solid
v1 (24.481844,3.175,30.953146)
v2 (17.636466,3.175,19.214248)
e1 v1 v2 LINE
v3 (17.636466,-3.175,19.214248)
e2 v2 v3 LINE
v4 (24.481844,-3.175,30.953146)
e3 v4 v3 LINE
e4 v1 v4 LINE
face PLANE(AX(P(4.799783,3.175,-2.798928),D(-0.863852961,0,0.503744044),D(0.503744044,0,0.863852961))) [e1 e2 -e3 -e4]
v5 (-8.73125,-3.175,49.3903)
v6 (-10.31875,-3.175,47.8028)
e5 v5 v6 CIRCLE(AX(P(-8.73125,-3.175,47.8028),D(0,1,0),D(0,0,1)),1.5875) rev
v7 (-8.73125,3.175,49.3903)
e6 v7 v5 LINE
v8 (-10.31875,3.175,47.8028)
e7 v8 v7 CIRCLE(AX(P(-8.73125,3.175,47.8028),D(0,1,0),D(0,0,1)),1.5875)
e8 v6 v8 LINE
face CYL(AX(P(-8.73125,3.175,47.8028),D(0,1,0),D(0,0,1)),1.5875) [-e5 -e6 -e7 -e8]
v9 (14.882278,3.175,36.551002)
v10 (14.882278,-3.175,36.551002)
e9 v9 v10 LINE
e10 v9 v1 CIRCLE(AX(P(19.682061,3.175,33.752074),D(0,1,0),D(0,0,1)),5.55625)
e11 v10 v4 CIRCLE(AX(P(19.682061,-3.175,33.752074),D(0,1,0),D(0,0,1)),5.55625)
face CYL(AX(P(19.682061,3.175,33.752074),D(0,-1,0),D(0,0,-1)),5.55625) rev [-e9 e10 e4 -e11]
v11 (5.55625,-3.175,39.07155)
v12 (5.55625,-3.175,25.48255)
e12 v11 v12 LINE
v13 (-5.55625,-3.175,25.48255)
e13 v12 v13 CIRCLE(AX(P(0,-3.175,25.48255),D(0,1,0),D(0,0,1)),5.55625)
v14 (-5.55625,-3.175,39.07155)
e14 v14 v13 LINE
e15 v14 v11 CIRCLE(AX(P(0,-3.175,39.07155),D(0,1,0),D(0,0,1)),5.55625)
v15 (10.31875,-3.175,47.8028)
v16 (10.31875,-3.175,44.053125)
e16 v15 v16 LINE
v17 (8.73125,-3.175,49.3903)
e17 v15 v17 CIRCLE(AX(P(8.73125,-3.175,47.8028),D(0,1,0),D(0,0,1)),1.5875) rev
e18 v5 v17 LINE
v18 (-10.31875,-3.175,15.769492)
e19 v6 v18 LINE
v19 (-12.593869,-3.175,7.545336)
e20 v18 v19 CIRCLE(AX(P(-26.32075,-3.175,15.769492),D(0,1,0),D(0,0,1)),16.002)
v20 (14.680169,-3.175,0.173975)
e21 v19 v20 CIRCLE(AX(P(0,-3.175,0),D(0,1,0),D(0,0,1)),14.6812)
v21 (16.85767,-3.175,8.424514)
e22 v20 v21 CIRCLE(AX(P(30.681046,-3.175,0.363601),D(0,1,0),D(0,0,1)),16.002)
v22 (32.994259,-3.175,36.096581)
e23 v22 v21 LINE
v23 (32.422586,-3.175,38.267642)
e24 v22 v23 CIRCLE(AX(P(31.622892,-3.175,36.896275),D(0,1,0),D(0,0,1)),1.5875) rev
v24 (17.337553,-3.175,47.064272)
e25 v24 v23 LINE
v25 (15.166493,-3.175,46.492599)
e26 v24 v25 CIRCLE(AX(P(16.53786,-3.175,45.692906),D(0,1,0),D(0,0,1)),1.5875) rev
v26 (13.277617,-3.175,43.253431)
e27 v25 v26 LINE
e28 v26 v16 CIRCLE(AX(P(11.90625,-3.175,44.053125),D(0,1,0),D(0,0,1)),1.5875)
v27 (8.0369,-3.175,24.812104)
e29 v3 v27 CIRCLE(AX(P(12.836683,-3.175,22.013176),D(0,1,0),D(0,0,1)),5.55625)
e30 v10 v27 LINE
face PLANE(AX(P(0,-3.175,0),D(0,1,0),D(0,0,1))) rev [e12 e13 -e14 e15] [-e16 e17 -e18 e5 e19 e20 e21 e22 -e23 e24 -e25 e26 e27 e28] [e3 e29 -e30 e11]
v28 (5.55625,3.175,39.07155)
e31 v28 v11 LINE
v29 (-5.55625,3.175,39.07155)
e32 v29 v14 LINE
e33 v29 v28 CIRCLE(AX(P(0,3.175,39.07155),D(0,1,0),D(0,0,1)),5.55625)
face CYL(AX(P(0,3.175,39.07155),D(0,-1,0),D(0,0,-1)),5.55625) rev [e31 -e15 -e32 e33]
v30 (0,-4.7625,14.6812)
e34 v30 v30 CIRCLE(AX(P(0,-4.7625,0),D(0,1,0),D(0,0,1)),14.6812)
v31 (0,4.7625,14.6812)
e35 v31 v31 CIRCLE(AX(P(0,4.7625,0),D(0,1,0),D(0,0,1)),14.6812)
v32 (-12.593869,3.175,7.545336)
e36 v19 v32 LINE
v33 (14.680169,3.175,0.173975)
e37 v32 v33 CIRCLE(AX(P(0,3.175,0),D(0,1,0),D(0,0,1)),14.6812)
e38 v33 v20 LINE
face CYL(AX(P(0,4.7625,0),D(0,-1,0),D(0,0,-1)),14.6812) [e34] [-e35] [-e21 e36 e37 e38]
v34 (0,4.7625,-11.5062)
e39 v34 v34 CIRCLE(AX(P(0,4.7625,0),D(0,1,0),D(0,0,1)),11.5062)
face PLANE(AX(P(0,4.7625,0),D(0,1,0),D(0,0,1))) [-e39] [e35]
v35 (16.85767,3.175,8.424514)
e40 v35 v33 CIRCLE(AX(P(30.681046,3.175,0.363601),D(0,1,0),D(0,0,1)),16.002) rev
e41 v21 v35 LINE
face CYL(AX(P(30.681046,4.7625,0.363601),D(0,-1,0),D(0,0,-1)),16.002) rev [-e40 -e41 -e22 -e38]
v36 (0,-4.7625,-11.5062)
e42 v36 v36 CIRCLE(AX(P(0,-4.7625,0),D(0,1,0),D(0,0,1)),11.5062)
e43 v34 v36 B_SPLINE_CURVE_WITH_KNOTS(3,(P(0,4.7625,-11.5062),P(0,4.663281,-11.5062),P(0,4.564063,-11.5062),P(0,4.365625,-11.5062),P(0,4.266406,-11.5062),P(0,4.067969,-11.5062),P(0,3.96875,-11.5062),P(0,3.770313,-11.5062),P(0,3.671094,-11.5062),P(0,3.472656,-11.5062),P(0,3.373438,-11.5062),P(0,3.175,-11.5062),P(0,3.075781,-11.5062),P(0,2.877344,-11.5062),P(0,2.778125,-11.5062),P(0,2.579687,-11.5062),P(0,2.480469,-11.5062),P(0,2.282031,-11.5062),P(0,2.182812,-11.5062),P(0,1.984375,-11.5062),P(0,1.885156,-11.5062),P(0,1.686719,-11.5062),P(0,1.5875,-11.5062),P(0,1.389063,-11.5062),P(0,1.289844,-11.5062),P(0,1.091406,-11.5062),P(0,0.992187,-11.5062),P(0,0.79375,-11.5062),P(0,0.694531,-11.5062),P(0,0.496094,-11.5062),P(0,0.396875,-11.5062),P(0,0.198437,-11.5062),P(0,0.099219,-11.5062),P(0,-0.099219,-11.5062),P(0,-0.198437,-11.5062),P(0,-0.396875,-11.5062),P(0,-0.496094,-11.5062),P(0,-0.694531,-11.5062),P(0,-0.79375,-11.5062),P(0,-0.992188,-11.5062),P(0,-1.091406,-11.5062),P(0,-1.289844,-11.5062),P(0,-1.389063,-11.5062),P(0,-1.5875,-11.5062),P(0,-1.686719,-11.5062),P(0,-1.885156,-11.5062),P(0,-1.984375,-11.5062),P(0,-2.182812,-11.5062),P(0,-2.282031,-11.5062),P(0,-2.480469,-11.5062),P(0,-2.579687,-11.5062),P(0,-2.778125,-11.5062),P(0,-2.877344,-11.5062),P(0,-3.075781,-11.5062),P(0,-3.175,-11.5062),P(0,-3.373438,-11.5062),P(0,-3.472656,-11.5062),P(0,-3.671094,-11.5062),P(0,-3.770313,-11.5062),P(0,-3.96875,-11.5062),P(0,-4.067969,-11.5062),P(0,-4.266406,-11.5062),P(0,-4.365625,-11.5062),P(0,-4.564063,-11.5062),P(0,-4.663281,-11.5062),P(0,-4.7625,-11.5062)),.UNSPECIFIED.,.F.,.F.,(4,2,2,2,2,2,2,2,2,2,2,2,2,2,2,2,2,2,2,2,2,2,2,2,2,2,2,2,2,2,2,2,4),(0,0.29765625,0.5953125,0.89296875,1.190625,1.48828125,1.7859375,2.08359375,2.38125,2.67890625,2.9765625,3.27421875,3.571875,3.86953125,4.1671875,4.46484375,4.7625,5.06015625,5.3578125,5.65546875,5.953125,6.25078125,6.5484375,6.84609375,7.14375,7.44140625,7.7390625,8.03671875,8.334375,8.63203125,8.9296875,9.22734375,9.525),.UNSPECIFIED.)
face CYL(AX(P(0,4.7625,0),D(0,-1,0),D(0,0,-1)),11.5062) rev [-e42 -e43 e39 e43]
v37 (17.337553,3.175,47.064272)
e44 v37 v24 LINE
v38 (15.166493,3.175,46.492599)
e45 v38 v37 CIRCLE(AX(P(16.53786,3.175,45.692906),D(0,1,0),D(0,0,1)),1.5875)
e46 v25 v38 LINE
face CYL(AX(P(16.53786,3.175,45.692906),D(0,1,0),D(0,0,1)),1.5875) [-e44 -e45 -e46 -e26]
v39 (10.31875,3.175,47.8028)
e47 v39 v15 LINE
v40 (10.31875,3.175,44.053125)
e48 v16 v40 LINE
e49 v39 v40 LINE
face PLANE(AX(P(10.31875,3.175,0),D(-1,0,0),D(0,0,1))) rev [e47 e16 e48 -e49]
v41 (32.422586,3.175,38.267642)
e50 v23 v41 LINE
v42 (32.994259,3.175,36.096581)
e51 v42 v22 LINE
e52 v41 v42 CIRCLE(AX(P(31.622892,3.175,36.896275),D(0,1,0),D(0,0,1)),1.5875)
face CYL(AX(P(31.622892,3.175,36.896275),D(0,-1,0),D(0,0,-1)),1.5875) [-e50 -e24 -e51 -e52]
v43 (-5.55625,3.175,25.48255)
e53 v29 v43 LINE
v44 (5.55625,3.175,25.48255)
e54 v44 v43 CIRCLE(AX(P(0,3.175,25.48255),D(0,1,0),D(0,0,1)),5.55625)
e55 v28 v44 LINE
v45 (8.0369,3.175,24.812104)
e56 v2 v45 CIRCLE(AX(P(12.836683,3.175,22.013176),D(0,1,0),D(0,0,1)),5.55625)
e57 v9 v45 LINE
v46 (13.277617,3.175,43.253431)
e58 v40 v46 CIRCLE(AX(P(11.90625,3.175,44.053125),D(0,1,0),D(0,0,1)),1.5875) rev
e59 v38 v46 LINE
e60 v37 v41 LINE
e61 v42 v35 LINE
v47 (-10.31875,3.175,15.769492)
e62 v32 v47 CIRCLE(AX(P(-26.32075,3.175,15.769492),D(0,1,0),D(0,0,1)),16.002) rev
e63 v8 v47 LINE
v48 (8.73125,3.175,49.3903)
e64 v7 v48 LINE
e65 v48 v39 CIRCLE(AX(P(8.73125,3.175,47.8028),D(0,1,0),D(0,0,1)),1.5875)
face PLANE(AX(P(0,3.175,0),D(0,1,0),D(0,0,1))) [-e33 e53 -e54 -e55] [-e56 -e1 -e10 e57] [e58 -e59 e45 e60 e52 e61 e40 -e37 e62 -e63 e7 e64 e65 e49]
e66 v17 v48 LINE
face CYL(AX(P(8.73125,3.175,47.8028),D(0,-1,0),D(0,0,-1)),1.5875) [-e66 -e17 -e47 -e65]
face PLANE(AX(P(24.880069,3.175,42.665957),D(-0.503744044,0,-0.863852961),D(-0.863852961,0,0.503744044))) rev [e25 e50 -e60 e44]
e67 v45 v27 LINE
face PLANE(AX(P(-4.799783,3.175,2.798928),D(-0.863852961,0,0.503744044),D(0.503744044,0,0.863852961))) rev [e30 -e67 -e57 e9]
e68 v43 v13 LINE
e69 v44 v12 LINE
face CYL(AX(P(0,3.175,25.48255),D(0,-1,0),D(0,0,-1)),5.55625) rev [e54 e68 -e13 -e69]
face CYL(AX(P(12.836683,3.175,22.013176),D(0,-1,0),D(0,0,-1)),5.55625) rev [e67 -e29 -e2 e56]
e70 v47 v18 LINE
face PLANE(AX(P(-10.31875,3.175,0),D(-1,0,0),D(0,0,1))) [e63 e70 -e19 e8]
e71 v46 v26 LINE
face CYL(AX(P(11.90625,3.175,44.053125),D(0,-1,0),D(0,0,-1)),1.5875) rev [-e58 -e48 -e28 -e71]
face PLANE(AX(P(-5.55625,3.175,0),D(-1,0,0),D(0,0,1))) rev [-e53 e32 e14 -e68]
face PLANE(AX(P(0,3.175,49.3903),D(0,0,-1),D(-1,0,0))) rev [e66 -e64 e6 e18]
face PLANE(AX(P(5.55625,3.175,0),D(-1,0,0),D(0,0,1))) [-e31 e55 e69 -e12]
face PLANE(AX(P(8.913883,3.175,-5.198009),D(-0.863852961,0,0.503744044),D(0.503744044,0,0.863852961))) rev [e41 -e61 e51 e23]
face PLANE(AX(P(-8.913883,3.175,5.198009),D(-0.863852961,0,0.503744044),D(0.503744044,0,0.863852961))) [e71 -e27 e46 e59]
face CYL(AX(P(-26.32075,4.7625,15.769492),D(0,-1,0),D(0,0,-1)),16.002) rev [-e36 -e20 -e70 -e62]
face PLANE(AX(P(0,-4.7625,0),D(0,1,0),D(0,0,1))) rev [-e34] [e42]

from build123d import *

# Parameters (mm, degrees)
SKETCH1_R                      = 14.6812
SKETCH1_R_2                    = 11.5062
BEARING_INSERT_EXTRUDE_DEPTH   = 4.7625
APEX_SLOT_INSERT_EXTRUDE_DEPTH = 3.175
FILLET1_R                      = 16.002
FILLET2_R                      = 1.5875


with BuildPart() as part:
    # Sketch1 → Bearing_Insert_Extrude (new, symmetric)
    with BuildSketch(Plane(origin=(0, 0, 0), x_dir=(1, 0, 0), z_dir=(0, 1, 0))):
        with Locations(Location((0, 0, 0), (0, 0, 90))):
            Circle(SKETCH1_R)
        with Locations(Location((0, 0, 0), (0, 0, 90))):
            Circle(SKETCH1_R_2, mode=Mode.SUBTRACT)
    extrude(amount=BEARING_INSERT_EXTRUDE_DEPTH, both=True)

    # Sketch1<4> → Apex_Slot_Insert_Extrude (add, symmetric)
    with BuildSketch(Plane(origin=(0, 0, 0), x_dir=(1, 0, 0), z_dir=(0, 1, 0))):
        with BuildLine():
            Line((-10.31875, -10.443228997), (-10.31875, -49.3903))
            Line((-10.31875, -49.3903), (10.31875, -49.3903))
            Line((10.31875, -49.3903), (10.31875, -38.179375))
            Line((10.31875, -38.179375), (15.966186692, -47.863965759))
            Line((15.966186692, -47.863965759), (33.793952178, -37.46794806))
            Line((33.793952178, -37.46794806), (14.174597146, -3.823405444))
            ThreePointArc((14.174597146, -3.823405444), (3.83045758, -14.172693046), (-10.31875, -10.443228997))
        make_face()
        with BuildLine():
            ThreePointArc((5.55625, -39.07155), (0, -44.6278), (-5.55625, -39.07155))
            Line((-5.55625, -39.07155), (-5.55625, -25.48255))
            ThreePointArc((-5.55625, -25.48255), (0, -19.9263), (5.55625, -25.48255))
            Line((5.55625, -25.48255), (5.55625, -39.07155))
        make_face(mode=Mode.SUBTRACT)
        with BuildLine():
            ThreePointArc((24.481843601, -30.953146324), (22.480988428, -38.551857182), (14.88227757, -36.551002008))
            Line((14.88227757, -36.551002008), (8.036899762, -24.812104118))
            ThreePointArc((8.036899762, -24.812104118), (10.037754935, -17.213393261), (17.636465793, -19.214248434))
            Line((17.636465793, -19.214248434), (24.481843601, -30.953146324))
        make_face(mode=Mode.SUBTRACT)
    extrude(amount=APEX_SLOT_INSERT_EXTRUDE_DEPTH, both=True)

    # Fillet1
    fillet1_edges = [part.edges().sort_by_distance(p)[0] for p in [
        (14.174597146, 0, 3.823405444),
        (-10.31875, 0, 10.443228997),
    ]]
    fillet(fillet1_edges, radius=FILLET1_R)

    # Fillet2
    fillet2_edges = [part.edges().sort_by_distance(p)[0] for p in [
        (-10.31875, 0, 49.3903),
        (10.31875, 0, 49.3903),
        (10.31875, 0, 38.179375),
        (15.966186692, 0, 47.863965759),
        (33.793952178, 0, 37.46794806),
    ]]
    fillet(fillet2_edges, radius=FILLET2_R)


solid = part.part
